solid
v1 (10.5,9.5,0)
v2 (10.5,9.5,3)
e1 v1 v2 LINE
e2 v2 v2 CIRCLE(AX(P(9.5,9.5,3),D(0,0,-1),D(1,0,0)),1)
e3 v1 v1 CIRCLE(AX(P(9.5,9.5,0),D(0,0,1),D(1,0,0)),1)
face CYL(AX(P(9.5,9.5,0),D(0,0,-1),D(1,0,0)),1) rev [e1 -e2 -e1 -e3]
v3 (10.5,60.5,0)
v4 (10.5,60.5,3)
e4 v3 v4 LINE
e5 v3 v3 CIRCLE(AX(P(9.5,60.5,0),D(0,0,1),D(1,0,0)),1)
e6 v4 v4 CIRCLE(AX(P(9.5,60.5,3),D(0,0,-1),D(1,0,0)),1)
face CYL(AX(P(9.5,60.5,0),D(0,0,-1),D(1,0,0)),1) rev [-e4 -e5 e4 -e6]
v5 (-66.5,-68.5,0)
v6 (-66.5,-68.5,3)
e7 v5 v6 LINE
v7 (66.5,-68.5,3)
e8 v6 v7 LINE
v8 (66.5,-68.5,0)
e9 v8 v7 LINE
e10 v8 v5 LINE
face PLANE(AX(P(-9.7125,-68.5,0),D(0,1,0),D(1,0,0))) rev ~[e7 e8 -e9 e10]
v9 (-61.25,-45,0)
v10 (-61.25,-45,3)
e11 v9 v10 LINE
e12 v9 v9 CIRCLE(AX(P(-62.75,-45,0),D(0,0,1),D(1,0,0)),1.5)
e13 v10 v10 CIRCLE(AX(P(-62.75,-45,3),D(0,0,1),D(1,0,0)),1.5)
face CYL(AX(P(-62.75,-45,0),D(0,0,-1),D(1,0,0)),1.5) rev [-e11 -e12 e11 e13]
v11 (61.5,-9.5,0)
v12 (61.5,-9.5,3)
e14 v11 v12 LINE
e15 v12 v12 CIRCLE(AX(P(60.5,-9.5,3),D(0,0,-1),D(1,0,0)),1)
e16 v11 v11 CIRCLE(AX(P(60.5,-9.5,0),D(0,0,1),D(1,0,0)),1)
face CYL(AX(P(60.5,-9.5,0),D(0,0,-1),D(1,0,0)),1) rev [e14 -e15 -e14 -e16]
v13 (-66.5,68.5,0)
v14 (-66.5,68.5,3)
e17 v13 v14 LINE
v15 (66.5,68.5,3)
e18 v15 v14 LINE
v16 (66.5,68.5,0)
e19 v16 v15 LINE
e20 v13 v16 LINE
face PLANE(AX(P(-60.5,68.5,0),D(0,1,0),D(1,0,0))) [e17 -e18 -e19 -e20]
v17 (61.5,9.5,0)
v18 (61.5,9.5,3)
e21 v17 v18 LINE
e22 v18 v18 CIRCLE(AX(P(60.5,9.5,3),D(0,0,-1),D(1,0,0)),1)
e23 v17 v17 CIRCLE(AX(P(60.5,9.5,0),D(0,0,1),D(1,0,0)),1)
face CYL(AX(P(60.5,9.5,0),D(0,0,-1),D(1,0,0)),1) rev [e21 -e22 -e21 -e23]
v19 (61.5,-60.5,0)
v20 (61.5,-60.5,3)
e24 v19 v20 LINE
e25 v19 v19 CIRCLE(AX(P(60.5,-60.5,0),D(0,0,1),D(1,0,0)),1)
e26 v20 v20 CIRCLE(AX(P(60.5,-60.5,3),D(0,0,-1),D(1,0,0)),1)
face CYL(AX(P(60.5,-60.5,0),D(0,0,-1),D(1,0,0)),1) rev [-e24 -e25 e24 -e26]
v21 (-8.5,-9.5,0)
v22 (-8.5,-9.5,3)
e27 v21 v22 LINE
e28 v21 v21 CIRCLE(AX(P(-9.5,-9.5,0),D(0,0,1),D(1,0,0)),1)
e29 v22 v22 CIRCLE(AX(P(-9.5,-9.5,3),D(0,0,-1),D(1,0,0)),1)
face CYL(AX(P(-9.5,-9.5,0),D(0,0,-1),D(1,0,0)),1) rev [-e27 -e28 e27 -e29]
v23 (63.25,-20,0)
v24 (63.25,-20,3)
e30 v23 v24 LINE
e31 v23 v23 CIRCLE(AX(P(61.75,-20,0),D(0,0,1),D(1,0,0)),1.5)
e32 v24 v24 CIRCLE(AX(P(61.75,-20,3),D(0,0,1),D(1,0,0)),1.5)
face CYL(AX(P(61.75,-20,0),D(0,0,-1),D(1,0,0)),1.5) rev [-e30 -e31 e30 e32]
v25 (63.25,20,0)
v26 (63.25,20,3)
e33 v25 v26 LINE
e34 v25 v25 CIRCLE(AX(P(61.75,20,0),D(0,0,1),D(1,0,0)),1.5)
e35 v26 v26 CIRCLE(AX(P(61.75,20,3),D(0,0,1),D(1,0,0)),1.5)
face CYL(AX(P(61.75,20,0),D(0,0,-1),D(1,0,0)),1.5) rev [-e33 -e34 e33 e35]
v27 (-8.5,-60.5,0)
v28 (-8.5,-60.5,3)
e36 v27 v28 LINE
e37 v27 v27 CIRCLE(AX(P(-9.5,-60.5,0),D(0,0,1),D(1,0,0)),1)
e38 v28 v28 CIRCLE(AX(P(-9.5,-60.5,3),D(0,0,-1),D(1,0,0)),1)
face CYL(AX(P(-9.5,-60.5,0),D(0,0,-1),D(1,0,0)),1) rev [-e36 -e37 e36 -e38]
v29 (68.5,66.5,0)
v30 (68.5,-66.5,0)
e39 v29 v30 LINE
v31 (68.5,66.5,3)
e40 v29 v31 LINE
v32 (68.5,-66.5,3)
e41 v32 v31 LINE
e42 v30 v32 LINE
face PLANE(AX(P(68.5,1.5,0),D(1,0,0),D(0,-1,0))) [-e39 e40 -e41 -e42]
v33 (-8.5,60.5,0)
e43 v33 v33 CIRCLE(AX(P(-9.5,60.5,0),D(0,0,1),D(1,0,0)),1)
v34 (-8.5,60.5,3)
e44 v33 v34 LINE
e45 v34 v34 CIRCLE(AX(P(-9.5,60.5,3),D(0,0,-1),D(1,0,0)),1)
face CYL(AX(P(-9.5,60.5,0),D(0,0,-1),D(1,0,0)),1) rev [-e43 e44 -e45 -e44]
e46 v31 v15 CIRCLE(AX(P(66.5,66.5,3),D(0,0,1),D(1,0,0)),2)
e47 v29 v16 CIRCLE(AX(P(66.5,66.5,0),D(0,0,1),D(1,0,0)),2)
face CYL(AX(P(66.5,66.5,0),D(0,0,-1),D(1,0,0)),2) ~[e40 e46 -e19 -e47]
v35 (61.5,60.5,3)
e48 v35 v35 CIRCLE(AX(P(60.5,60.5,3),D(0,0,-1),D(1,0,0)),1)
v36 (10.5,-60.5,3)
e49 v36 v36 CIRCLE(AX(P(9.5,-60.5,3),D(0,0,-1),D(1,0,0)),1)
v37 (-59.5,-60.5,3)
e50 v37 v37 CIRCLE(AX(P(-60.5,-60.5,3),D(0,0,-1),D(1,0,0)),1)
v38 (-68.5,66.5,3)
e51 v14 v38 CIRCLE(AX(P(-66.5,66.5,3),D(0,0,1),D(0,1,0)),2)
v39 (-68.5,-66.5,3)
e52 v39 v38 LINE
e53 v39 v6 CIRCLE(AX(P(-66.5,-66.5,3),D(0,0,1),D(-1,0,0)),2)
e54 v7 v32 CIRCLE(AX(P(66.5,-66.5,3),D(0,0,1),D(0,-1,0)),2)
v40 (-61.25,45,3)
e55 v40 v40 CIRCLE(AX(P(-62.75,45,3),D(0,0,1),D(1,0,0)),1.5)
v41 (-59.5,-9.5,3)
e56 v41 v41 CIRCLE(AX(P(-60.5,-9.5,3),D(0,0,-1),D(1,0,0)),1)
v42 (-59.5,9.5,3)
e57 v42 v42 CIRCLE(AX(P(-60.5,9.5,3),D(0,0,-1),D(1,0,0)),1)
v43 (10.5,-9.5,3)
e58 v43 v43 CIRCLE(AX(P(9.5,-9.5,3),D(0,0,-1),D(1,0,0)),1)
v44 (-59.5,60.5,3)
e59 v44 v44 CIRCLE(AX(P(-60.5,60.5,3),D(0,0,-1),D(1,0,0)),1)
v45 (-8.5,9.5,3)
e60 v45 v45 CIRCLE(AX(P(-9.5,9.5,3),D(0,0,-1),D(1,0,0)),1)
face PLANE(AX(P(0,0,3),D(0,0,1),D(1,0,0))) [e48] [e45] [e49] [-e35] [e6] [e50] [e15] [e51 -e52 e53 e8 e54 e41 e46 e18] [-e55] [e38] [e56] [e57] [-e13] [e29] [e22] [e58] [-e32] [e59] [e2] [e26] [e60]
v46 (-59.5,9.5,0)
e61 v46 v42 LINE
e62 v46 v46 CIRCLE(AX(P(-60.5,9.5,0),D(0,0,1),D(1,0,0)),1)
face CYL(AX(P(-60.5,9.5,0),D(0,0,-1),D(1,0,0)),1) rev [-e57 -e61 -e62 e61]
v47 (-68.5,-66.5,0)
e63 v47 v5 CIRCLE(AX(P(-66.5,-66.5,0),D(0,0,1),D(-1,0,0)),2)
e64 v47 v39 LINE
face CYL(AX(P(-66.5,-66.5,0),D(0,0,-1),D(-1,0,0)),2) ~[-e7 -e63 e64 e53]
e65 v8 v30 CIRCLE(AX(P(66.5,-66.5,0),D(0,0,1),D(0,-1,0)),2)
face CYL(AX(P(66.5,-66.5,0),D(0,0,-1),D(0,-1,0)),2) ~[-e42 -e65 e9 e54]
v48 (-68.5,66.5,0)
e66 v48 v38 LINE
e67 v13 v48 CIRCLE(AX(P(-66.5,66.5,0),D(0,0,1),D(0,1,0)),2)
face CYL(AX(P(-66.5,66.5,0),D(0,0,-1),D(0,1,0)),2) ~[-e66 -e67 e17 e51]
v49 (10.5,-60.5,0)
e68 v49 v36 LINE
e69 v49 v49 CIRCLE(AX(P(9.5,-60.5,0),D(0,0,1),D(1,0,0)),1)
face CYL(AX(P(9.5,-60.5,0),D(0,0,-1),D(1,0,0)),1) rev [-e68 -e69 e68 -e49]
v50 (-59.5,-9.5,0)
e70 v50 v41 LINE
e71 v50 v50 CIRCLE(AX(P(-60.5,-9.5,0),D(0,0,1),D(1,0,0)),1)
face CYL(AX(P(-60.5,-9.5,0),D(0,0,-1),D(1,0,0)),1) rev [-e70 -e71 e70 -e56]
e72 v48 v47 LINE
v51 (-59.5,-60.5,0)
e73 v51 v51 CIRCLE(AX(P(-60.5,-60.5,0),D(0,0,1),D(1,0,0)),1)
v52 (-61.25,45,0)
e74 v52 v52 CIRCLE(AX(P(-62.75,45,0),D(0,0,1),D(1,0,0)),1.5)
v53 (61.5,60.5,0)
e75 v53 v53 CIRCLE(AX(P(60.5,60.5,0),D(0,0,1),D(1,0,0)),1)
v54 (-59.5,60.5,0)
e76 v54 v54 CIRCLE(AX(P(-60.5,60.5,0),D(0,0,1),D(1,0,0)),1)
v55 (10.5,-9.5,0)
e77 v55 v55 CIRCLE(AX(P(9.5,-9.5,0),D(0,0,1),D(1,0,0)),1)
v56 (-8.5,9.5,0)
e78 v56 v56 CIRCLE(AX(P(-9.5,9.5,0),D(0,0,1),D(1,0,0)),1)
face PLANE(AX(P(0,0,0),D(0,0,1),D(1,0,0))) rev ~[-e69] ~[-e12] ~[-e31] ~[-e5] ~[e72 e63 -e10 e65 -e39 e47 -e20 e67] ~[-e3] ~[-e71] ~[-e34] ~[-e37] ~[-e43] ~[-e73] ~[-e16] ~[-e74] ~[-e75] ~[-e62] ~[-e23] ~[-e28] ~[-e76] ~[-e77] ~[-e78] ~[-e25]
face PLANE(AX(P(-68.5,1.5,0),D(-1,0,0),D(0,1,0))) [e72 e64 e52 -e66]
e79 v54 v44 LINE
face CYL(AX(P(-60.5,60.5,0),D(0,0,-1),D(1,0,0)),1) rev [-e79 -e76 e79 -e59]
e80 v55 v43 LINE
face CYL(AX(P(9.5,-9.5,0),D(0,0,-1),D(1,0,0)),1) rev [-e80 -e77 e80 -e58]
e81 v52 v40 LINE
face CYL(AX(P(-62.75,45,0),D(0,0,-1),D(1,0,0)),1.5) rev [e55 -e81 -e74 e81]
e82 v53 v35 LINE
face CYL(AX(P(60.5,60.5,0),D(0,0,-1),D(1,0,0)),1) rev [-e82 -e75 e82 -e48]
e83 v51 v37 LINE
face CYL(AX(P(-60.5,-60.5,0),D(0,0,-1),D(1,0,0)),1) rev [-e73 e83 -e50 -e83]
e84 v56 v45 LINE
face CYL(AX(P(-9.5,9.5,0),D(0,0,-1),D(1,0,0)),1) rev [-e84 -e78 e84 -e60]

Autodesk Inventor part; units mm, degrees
ref_plane "YZ Plane" through (0, 0, 0) normal (1, 0, 0) x (0, 1, 0)
ref_plane "XZ Plane" through (0, 0, 0) normal (0, 1, 0) x (-1, 0, 0)
ref_plane "XY Plane" through (0, 0, 0) normal (0, 0, 1) x (1, 0, 0)
ref_plane "Work Plane1" through (0, 0, 0) normal (0, 0, 1) x (1, 0, 0)
sketch "Sketch1" plane through (0, 0, 0) normal (0, 0, 1) x (1, 0, 0)
  circle A0 centre (61.75, 20) radius 1.5 projected
  circle A1 centre (61.75, -20) radius 1.5 projected
  circle A2 centre (-62.75, 45) radius 1.5 projected
  circle A3 centre (-62.75, -45) radius 1.5 projected
  line L0 (-68.75, 1.5) -> (68.75, 1.5)
  line L1 (68.75, -1.5) -> (-68.75, -1.5)
  line L2 (-68.75, 1.5) -> (68.75, -1.5) construction
  line L3 (68.75, 1.5) -> (-68.75, -1.5) construction
  line L4 (1.5, 60) -> (1.5, -60)
  line L5 (-1.5, -60) -> (-1.5, 60)
  line L6 (-1.5, 60) -> (1.5, -60) construction
  line L7 (1.5, 60) -> (-1.5, -60) construction
  line L8 (-1.5, 1.5) -> (-68.5, 1.5)
  line L9 (-68.5, 1.5) -> (-68.5, 66.5)
  line L10 (-66.5, 68.5) -> (-1.5, 68.5)
  line L11 (-1.5, 68.5) -> (-1.5, 1.5)
  line L12 (-1.5, -1.5) -> (-68.5, -1.5)
  line L13 (-68.5, -1.5) -> (-68.5, -66.5)
  line L14 (-66.5, -68.5) -> (-1.5, -68.5)
  line L15 (-1.5, -68.5) -> (-1.5, -1.5)
  line L16 (1.5, 1.5) -> (68.5, 1.5)
  line L17 (68.5, 1.5) -> (68.5, 68.5)
  line L18 (66.5, 68.5) -> (1.5, 68.5)
  line L19 (1.5, 68.5) -> (1.5, 1.5)
  line L20 (1.5, -1.5) -> (68.5, -1.5)
  line L21 (68.5, -1.5) -> (68.5, -68.5)
  line L22 (66.5, -68.5) -> (1.5, -68.5)
  line L23 (1.5, -68.5) -> (1.5, -1.5)
  circle A4 centre (61.75, -20) radius 1.5
  circle A5 centre (-62.75, 45) radius 1.5
  circle A6 centre (-62.75, -45) radius 1.5
  line L24 (1.5, 1.5) -> (9.5, 1.5)
  line L25 (9.5, 1.5) -> (9.5, 9.5)
  line L26 (9.5, 9.5) -> (1.5, 9.5)
  line L27 (1.5, 9.5) -> (1.5, 1.5)
  line L28 (1.5, 68.5) -> (9.5, 68.5)
  line L29 (9.5, 68.5) -> (9.5, 60.5)
  line L30 (9.5, 60.5) -> (1.5, 60.5)
  line L31 (1.5, 60.5) -> (1.5, 68.5)
  line L32 (68.5, 68.5) -> (60.5, 68.5)
  line L33 (60.5, 68.5) -> (60.5, 60.5)
  line L34 (60.5, 60.5) -> (68.5, 60.5)
  line L35 (68.5, 60.5) -> (68.5, 66.5)
  line L36 (68.5, 1.5) -> (60.5, 1.5)
  line L37 (60.5, 1.5) -> (60.5, 9.5)
  line L38 (60.5, 9.5) -> (68.5, 9.5)
  line L39 (68.5, 9.5) -> (68.5, 1.5)
  line L40 (68.5, -1.5) -> (60.5, -1.5)
  line L41 (60.5, -1.5) -> (60.5, -9.5)
  line L42 (60.5, -9.5) -> (68.5, -9.5)
  line L43 (68.5, -9.5) -> (68.5, -1.5)
  line L44 (68.5, -68.5) -> (60.5, -68.5)
  line L45 (60.5, -68.5) -> (60.5, -60.5)
  line L46 (60.5, -60.5) -> (68.5, -60.5)
  line L47 (68.5, -60.5) -> (68.5, -66.5)
  line L48 (1.5, -68.5) -> (9.5, -68.5)
  line L49 (9.5, -68.5) -> (9.5, -60.5)
  line L50 (9.5, -60.5) -> (1.5, -60.5)
  line L51 (1.5, -60.5) -> (1.5, -68.5)
  line L52 (1.5, -1.5) -> (9.5, -1.5)
  line L53 (9.5, -1.5) -> (9.5, -9.5)
  line L54 (9.5, -9.5) -> (1.5, -9.5)
  line L55 (1.5, -9.5) -> (1.5, -1.5)
  line L56 (-1.5, 68.5) -> (-9.5, 68.5)
  line L57 (-9.5, 68.5) -> (-9.5, 60.5)
  line L58 (-9.5, 60.5) -> (-1.5, 60.5)
  line L59 (-1.5, 60.5) -> (-1.5, 68.5)
  line L60 (-1.5, 1.5) -> (-9.5, 1.5)
  line L61 (-9.5, 1.5) -> (-9.5, 9.5)
  line L62 (-9.5, 9.5) -> (-1.5, 9.5)
  line L63 (-1.5, 9.5) -> (-1.5, 1.5)
  line L64 (-68.5, 68.5) -> (-60.5, 68.5)
  line L65 (-60.5, 68.5) -> (-60.5, 60.5)
  line L66 (-60.5, 60.5) -> (-68.5, 60.5)
  line L67 (-68.5, 60.5) -> (-68.5, 68.5)
  line L68 (-68.5, 1.5) -> (-60.5, 1.5)
  line L69 (-60.5, 1.5) -> (-60.5, 9.5)
  line L70 (-60.5, 9.5) -> (-68.5, 9.5)
  line L71 (-68.5, 9.5) -> (-68.5, 1.5)
  line L72 (-68.5, -1.5) -> (-60.5, -1.5)
  line L73 (-60.5, -1.5) -> (-60.5, -9.5)
  line L74 (-60.5, -9.5) -> (-68.5, -9.5)
  line L75 (-68.5, -9.5) -> (-68.5, -1.5)
  line L76 (-68.5, -68.5) -> (-60.5, -68.5)
  line L77 (-60.5, -68.5) -> (-60.5, -60.5)
  line L78 (-60.5, -60.5) -> (-68.5, -60.5)
  line L79 (-68.5, -60.5) -> (-68.5, -68.5)
  line L80 (-1.7125, -68.5) -> (-9.7125, -68.5)
  line L81 (-1.5, -1.5) -> (-9.5, -1.5)
  line L82 (-9.5, -1.5) -> (-9.5, -9.5)
  line L83 (-9.5, -9.5) -> (-1.5, -9.5)
  line L84 (-1.5, -9.5) -> (-1.5, -1.5)
  circle A7 centre (-9.5, 60.5) radius 1
  circle A8 centre (-9.5, 9.5) radius 1
  circle A9 centre (-60.5, 60.5) radius 1
  circle A10 centre (-60.5, 9.5) radius 1
  circle A11 centre (-60.5, -9.5) radius 1
  circle A12 centre (-60.5, -60.5) radius 1
  circle A13 centre (-9.5, -9.5) radius 1
  circle A14 centre (9.5, -60.5) radius 1
  circle A15 centre (9.5, -9.5) radius 1
  circle A16 centre (9.5, 9.5) radius 1
  circle A17 centre (9.5, 60.5) radius 1
  circle A18 centre (60.5, 60.5) radius 1
  circle A19 centre (60.5, 9.5) radius 1
  circle A20 centre (60.5, -9.5) radius 1
  circle A21 centre (60.5, -60.5) radius 1
  line L85 (-68.5, -1.5) -> (-68.5, 1.5)
  line L86 (68.5, 1.5) -> (68.5, -1.5)
  line L87 (-1.5, 68.5) -> (1.5, 68.5)
  line L88 (-1.5, -68.5) -> (-9.5, -68.5)
  line L89 (-9.5, -68.5) -> (-9.5, -60.5)
  line L90 (-9.5, -60.5) -> (-1.5, -60.5)
  line L91 (-1.5, -60.5) -> (-1.5, -68.5)
  circle A22 centre (-9.5, -60.5) radius 1
  line L92 (-1.5, -68.5) -> (1.5, -68.5)
  arc A23 (66.5, -68.5) -> (68.5, -66.5) centre (66.5, -66.5) ccw
  arc A24 (-68.5, -66.5) -> (-66.5, -68.5) centre (-66.5, -66.5) ccw
  arc A25 (-66.5, 68.5) -> (-68.5, 66.5) centre (-66.5, 66.5) ccw
  arc A26 (68.5, 66.5) -> (66.5, 68.5) centre (66.5, 66.5) ccw
  point P0 (0, 0)
  dimension "d4" = 3
  dimension "d5" = 3
  dimension "d6" = 67
  dimension "d7" = 67
  dimension "d8" = 67
  dimension "d9" = 67
  dimension "d10" = 67
  dimension "d11" = 67
  dimension "d12" = 67
  dimension "d13" = 67
  dimension "d14" = 8
  dimension "d15" = 8
  dimension "d16" = 8
  dimension "d17" = 8
  dimension "d18" = 8
  dimension "d19" = 8
  dimension "d20" = 8
  dimension "d21" = 8
  dimension "d22" = 8
  dimension "d23" = 8
  dimension "d24" = 8
  dimension "d25" = 8
  dimension "d26" = 8
  dimension "d27" = 8
  dimension "d28" = 8
  dimension "d29" = 8
  dimension "d30" = 8
  dimension "d31" = 8
  dimension "d32" = 8
  dimension "d33" = 8
  dimension "d34" = 8
  dimension "d35" = 8
  dimension "d36" = 8
  dimension "d37" = 8
  dimension "d38" = 8
  dimension "d39" = 8
  dimension "d40" = 8
  dimension "d41" = 8
  dimension "d44" = 8
  dimension "d45" = 8
  dimension "d46" = 2
  dimension "d47" = 2
  dimension "d48" = 2
  dimension "d49" = 2
  dimension "d50" = 2
  dimension "d51" = 2
  dimension "d52" = 2
  dimension "d55" = 2
  dimension "d56" = 2
  dimension "d57" = 2
  dimension "d58" = 2
  dimension "d59" = 2
  dimension "d60" = 2
  dimension "d61" = 2
  dimension "d62" = 8
  dimension "d63" = 8
  dimension "d64" = 2
  dimension "d67" = 2
  dimension "d68" = 2
  dimension "d69" = 2
  dimension "d70" = 2
extrude "Extrusion2" add sketch "Sketch1" along normal blind 3 contours L9 L70 A10 L69 L0 | L0 L5 L1 L85 | L69 A10 L70 L9 L66 A9 L65 L10 L57 A7 L58 L11 L5 L62 A8 L61 L0 | L1 L73 A11 L74 L13 | L61 A8 L62 L5 L0 | L9 A25 L10 L65 A9 L66 | L1 L82 A13 L83 L5 L15 L90 A22 L89 L14 L77 A12 L78 L13 L74 A11 L73 | L5 L11 L87 L19 L4 L0 | L0 L4 L1 L5 | L1 L5 L83 A13 L82 | L78 A12 L77 L14 A24 L13 | L4 L26 A16 L25 L0 | L0 L86 L1 L4 | L1 L4 L23 L92 L15 L5 | L25 A16 L26 L4 L19 L30 A17 L29 L18 L33 A18 L34 L17 L38 A19 L37 L0 | L1 L53 A15 L54 L4 | L37 A19 L38 L17 L0 | L1 L41 A20 L42 L21 L46 A21 L45 L22 L49 A14 L50 L23 L4 L54 A15 L53 | L58 A7 L57 L10 L11 | L19 L18 L29 A17 L30 | L1 L21 L42 A20 L41 | L15 L14 L89 A22 L90 | L50 A14 L49 L22 L23 | L34 A18 L33 L18 A26 L17 | L21 A23 L22 L45 A21 L46
properties part number "NeoPixel Base"
